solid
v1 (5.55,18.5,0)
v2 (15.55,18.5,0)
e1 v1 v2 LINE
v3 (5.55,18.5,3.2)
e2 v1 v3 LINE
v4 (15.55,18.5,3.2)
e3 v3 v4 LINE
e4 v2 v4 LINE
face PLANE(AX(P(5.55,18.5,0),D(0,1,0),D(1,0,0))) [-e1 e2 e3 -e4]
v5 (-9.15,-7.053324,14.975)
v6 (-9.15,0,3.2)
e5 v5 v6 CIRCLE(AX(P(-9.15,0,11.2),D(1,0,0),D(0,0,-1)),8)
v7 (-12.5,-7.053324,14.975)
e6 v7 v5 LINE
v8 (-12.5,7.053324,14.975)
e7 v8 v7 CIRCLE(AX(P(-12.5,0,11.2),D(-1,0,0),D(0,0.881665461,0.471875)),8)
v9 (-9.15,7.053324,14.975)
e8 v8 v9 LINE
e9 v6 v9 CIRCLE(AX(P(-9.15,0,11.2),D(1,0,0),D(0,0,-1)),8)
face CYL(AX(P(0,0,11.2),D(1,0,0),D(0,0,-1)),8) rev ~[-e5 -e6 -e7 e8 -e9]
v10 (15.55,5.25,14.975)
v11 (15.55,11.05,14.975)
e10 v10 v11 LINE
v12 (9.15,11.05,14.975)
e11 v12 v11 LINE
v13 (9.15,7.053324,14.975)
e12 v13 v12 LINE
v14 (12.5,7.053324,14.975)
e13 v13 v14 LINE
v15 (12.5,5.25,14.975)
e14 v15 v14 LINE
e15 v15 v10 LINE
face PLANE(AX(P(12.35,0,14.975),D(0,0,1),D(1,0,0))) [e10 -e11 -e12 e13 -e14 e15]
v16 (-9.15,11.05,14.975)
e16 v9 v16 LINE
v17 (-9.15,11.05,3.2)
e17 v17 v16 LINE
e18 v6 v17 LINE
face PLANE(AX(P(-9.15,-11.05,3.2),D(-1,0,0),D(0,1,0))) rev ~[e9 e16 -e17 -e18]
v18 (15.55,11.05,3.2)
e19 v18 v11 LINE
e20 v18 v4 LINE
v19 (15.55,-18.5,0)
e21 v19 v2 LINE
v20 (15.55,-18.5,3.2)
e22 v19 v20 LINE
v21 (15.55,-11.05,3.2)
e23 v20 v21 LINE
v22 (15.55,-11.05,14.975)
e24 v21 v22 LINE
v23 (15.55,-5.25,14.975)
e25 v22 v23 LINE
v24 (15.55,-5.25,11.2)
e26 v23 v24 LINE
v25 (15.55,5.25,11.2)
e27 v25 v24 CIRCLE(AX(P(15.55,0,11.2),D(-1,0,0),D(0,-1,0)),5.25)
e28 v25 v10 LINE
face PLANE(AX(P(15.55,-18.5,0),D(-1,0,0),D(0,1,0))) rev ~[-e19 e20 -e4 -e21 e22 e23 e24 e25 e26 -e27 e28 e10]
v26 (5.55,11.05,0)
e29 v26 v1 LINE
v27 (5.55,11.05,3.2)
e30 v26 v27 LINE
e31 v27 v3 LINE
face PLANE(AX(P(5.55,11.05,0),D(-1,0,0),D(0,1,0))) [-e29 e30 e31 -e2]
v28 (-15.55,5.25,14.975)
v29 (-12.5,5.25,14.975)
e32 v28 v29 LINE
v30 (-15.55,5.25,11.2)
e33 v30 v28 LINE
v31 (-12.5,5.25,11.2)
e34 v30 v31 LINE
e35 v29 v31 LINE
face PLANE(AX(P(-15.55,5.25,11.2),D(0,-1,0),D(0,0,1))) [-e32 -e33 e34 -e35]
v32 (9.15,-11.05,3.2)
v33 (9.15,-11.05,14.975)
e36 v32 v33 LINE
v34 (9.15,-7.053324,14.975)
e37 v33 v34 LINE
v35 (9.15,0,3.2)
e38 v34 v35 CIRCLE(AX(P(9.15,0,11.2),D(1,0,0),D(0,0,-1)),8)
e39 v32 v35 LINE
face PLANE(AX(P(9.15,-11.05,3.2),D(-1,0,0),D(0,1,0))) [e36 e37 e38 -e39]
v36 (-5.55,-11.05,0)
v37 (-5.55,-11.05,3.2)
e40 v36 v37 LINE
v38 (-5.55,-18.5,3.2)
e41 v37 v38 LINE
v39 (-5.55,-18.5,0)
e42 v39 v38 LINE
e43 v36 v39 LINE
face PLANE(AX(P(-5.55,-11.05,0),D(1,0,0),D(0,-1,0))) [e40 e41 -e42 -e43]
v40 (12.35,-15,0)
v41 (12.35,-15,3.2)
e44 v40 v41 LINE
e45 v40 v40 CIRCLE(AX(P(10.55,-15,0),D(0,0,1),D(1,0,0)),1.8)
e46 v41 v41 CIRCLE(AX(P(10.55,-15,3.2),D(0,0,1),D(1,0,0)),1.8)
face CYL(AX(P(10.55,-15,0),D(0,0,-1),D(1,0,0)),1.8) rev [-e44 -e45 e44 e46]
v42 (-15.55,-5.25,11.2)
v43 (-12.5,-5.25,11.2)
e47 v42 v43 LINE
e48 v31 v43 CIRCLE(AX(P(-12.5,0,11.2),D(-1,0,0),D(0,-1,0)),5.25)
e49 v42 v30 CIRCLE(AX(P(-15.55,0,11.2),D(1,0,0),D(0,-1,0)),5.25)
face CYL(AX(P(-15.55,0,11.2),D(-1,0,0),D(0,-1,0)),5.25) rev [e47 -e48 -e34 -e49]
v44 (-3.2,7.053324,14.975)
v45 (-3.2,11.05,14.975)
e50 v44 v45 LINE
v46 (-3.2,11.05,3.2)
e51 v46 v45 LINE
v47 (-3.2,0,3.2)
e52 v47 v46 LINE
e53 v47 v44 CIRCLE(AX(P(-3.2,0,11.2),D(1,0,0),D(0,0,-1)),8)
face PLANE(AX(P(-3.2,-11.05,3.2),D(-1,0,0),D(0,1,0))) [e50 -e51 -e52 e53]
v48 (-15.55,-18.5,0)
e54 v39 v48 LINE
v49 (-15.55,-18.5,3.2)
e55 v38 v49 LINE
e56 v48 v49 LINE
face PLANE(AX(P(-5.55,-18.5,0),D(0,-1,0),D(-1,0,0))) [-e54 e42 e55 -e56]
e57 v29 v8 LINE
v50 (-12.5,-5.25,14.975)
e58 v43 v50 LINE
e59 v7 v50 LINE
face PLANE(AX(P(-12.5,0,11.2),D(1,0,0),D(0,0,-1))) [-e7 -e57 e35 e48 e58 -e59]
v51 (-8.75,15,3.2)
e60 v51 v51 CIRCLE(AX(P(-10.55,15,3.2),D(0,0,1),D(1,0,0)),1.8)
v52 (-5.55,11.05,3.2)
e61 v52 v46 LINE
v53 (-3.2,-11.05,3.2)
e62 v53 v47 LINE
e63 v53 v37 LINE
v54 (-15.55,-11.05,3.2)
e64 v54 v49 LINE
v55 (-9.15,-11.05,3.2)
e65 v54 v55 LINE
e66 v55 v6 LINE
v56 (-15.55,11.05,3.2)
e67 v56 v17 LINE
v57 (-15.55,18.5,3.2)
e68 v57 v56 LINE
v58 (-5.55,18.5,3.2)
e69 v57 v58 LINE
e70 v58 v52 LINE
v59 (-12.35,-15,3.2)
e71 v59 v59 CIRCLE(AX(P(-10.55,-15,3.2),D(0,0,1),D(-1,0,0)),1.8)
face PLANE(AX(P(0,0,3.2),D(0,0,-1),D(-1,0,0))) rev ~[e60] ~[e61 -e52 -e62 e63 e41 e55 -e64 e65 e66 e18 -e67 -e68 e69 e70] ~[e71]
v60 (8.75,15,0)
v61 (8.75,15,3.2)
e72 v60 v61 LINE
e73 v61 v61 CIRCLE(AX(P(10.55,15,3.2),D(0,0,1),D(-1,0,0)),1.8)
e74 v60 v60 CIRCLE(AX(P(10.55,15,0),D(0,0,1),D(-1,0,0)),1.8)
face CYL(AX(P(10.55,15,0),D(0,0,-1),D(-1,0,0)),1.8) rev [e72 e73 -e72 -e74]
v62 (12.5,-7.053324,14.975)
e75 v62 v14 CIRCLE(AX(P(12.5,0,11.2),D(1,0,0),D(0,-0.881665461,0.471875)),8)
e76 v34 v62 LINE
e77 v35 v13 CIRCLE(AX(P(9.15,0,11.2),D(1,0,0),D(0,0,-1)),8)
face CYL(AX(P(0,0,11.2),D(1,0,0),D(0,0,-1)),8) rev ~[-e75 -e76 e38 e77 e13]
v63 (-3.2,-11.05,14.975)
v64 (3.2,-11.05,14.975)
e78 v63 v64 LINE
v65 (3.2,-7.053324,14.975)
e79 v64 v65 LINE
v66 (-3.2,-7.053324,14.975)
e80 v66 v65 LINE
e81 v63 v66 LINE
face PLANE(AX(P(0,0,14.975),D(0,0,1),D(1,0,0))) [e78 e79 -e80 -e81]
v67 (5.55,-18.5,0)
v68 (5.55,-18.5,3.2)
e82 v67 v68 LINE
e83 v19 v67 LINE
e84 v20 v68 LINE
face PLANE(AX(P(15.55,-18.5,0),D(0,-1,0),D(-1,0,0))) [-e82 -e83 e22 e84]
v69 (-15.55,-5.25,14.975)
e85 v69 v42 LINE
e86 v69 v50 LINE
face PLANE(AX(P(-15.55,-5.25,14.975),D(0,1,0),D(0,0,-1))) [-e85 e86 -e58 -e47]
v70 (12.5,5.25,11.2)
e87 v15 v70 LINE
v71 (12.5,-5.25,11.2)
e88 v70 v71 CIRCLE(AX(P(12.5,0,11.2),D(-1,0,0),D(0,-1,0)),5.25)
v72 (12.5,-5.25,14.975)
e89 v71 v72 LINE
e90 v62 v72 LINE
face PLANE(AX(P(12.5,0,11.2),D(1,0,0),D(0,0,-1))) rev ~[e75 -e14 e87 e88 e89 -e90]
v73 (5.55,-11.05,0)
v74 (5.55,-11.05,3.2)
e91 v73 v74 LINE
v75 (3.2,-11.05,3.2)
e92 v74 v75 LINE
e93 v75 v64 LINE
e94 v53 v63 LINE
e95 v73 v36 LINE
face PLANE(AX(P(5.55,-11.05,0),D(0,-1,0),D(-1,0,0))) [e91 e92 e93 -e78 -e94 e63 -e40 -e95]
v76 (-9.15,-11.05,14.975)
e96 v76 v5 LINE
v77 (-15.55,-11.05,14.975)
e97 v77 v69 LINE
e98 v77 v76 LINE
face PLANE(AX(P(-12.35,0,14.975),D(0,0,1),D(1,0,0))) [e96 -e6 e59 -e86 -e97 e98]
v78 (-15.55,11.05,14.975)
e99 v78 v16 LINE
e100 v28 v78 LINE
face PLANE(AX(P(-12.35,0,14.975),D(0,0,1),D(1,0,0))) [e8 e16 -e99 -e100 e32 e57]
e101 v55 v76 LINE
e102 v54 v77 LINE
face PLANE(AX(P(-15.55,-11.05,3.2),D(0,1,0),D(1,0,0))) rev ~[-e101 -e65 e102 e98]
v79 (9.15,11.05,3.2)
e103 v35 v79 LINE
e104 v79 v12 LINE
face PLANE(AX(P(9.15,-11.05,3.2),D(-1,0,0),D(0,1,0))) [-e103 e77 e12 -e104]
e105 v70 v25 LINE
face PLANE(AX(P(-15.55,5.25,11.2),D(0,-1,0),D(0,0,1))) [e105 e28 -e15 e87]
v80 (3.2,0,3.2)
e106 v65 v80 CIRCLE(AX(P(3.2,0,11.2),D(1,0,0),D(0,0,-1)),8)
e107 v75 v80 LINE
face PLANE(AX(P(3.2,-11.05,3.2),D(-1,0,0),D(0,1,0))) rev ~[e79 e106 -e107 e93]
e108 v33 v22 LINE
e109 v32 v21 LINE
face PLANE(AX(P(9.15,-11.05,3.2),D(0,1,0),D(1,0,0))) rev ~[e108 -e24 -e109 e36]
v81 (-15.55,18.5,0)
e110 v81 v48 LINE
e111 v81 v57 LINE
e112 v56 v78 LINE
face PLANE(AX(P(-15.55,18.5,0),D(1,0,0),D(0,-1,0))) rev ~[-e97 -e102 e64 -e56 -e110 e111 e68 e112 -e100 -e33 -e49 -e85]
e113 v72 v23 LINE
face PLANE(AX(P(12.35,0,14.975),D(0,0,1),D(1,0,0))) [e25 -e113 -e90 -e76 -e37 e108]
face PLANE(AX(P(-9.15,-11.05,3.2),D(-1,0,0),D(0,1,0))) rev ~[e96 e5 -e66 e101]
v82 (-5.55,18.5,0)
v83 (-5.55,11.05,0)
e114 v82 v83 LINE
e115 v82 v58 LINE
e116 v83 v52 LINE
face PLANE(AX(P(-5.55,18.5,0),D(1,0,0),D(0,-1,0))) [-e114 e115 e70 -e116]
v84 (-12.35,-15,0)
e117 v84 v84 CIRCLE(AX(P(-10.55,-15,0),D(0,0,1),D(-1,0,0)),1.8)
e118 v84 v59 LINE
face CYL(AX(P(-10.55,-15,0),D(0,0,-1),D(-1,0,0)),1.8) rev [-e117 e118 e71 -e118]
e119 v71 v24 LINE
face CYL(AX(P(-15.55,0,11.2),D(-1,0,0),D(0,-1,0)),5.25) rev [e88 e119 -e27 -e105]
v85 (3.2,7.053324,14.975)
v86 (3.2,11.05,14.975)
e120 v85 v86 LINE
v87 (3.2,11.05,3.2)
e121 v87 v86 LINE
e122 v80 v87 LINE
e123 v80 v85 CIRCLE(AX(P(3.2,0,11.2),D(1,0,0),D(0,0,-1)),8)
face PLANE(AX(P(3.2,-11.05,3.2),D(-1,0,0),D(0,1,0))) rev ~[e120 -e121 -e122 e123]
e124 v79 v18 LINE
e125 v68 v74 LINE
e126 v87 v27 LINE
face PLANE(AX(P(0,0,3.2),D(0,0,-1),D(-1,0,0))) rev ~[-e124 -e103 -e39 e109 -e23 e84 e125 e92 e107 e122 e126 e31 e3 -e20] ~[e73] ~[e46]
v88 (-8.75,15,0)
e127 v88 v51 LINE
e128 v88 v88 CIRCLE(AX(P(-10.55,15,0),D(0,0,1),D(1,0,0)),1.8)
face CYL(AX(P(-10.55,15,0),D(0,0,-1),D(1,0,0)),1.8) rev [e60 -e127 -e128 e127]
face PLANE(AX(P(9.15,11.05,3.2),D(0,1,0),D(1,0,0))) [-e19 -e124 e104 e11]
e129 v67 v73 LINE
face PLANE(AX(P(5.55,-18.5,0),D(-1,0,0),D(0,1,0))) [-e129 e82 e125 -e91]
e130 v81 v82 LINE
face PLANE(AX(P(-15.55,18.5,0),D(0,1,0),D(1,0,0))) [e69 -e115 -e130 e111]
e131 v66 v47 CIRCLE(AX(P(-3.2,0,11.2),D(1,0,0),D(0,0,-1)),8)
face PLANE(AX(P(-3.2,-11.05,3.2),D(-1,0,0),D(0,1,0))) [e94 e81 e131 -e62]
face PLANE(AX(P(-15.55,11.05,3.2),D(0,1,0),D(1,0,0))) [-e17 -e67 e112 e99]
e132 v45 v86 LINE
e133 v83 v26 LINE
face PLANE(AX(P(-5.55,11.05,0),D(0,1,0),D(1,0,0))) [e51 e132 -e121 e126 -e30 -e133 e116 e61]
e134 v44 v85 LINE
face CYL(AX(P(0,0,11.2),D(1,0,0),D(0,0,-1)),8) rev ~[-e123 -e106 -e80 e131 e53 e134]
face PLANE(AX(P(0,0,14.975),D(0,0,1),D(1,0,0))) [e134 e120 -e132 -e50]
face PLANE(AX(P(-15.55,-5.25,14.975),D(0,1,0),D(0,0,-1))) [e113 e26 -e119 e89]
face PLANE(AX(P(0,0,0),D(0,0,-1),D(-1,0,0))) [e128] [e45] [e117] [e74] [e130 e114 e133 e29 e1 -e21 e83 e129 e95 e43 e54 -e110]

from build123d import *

# Parameters (mm, degrees)
SCHIZZO1_R         = 1.8
BASE_DEPTH         = 3.2
SCHIZZO2_W         = 6.4
SCHIZZO2_H         = 22.1
STAND_OFF_DEPTH    = 11.775
SCHIZZO3_R         = 8
BEARING_SLOT_DEPTH = 12.5
SHAFT_HOLES_REACH  = 41.163


with BuildPart() as part:
    # Schizzo1 → Base (new body)
    with BuildSketch(Plane.XY):
        Polygon((-15.55, 11.05), (-15.55, 18.5), (-5.55, 18.5), (-5.55, 11.05), (5.55, 11.05), (5.55, 18.5), (15.55, 18.5), (15.55, 11.05), (15.55, -11.05), (15.55, -18.5), (5.55, -18.5), (5.55, -11.05), (-5.55, -11.05), (-5.55, -18.5), (-15.55, -18.5), (-15.55, -11.05), align=None)
        with Locations((-10.55, 15)):
            Circle(SCHIZZO1_R, mode=Mode.SUBTRACT)
        with Locations(Location((10.55, 15, 0), (0, 0, 180))):
            Circle(SCHIZZO1_R, mode=Mode.SUBTRACT)
        with Locations((10.55, -15)):
            Circle(SCHIZZO1_R, mode=Mode.SUBTRACT)
        with Locations(Location((-10.55, -15, 0), (0, 0, 180))):
            Circle(SCHIZZO1_R, mode=Mode.SUBTRACT)
    extrude(amount=BASE_DEPTH)

    # Schizzo2 → Stand-off (add)
    with BuildSketch(Plane.XY.offset(3.2)):
        with Locations((-12.35, 0)):
            Rectangle(SCHIZZO2_W, SCHIZZO2_H)
        Rectangle(SCHIZZO2_W, SCHIZZO2_H)
        with Locations((12.35, 0)):
            Rectangle(SCHIZZO2_W, SCHIZZO2_H)
    extrude(amount=STAND_OFF_DEPTH)

    # Schizzo3 → Bearing slot (cut, symmetric)
    with BuildSketch(Plane(origin=(0, 0, 0), x_dir=(0, 0, -1), z_dir=(1, 0, 0))):
        with Locations((-11.2, 0)):
            Circle(SCHIZZO3_R)
    extrude(amount=BEARING_SLOT_DEPTH, both=True, mode=Mode.SUBTRACT)

    # Shaft holes: up to this face of the body (flat: up to its plane)
    shaft_holes_end = Plane(part.part.faces().sort_by_distance((15.55, 0, 6.746095849))[0])
    # Schizzo4 → Shaft holes (cut, up to the picked face)
    with BuildSketch(Plane.ZY.offset(15.55), mode=Mode.PRIVATE) as shaft_holes_sk1:
        with BuildLine():
            Line((11.2, 5.25), (14.975, 5.25))
            Line((14.975, 5.25), (14.975, -5.25))
            Line((14.975, -5.25), (11.2, -5.25))
            ThreePointArc((11.2, -5.25), (5.95, 0), (11.2, 5.25))
        make_face()
    shaft_holes_tool1 = split(extrude(shaft_holes_sk1.sketch, amount=-SHAFT_HOLES_REACH, mode=Mode.PRIVATE), bisect_by=shaft_holes_end, keep=Keep.BOTH, mode=Mode.PRIVATE)
    add(shaft_holes_tool1.solids().sort_by(Axis((-15.55, 0, 10.938909), (1, 0, 0)))[0], mode=Mode.SUBTRACT)


solid = part.part
